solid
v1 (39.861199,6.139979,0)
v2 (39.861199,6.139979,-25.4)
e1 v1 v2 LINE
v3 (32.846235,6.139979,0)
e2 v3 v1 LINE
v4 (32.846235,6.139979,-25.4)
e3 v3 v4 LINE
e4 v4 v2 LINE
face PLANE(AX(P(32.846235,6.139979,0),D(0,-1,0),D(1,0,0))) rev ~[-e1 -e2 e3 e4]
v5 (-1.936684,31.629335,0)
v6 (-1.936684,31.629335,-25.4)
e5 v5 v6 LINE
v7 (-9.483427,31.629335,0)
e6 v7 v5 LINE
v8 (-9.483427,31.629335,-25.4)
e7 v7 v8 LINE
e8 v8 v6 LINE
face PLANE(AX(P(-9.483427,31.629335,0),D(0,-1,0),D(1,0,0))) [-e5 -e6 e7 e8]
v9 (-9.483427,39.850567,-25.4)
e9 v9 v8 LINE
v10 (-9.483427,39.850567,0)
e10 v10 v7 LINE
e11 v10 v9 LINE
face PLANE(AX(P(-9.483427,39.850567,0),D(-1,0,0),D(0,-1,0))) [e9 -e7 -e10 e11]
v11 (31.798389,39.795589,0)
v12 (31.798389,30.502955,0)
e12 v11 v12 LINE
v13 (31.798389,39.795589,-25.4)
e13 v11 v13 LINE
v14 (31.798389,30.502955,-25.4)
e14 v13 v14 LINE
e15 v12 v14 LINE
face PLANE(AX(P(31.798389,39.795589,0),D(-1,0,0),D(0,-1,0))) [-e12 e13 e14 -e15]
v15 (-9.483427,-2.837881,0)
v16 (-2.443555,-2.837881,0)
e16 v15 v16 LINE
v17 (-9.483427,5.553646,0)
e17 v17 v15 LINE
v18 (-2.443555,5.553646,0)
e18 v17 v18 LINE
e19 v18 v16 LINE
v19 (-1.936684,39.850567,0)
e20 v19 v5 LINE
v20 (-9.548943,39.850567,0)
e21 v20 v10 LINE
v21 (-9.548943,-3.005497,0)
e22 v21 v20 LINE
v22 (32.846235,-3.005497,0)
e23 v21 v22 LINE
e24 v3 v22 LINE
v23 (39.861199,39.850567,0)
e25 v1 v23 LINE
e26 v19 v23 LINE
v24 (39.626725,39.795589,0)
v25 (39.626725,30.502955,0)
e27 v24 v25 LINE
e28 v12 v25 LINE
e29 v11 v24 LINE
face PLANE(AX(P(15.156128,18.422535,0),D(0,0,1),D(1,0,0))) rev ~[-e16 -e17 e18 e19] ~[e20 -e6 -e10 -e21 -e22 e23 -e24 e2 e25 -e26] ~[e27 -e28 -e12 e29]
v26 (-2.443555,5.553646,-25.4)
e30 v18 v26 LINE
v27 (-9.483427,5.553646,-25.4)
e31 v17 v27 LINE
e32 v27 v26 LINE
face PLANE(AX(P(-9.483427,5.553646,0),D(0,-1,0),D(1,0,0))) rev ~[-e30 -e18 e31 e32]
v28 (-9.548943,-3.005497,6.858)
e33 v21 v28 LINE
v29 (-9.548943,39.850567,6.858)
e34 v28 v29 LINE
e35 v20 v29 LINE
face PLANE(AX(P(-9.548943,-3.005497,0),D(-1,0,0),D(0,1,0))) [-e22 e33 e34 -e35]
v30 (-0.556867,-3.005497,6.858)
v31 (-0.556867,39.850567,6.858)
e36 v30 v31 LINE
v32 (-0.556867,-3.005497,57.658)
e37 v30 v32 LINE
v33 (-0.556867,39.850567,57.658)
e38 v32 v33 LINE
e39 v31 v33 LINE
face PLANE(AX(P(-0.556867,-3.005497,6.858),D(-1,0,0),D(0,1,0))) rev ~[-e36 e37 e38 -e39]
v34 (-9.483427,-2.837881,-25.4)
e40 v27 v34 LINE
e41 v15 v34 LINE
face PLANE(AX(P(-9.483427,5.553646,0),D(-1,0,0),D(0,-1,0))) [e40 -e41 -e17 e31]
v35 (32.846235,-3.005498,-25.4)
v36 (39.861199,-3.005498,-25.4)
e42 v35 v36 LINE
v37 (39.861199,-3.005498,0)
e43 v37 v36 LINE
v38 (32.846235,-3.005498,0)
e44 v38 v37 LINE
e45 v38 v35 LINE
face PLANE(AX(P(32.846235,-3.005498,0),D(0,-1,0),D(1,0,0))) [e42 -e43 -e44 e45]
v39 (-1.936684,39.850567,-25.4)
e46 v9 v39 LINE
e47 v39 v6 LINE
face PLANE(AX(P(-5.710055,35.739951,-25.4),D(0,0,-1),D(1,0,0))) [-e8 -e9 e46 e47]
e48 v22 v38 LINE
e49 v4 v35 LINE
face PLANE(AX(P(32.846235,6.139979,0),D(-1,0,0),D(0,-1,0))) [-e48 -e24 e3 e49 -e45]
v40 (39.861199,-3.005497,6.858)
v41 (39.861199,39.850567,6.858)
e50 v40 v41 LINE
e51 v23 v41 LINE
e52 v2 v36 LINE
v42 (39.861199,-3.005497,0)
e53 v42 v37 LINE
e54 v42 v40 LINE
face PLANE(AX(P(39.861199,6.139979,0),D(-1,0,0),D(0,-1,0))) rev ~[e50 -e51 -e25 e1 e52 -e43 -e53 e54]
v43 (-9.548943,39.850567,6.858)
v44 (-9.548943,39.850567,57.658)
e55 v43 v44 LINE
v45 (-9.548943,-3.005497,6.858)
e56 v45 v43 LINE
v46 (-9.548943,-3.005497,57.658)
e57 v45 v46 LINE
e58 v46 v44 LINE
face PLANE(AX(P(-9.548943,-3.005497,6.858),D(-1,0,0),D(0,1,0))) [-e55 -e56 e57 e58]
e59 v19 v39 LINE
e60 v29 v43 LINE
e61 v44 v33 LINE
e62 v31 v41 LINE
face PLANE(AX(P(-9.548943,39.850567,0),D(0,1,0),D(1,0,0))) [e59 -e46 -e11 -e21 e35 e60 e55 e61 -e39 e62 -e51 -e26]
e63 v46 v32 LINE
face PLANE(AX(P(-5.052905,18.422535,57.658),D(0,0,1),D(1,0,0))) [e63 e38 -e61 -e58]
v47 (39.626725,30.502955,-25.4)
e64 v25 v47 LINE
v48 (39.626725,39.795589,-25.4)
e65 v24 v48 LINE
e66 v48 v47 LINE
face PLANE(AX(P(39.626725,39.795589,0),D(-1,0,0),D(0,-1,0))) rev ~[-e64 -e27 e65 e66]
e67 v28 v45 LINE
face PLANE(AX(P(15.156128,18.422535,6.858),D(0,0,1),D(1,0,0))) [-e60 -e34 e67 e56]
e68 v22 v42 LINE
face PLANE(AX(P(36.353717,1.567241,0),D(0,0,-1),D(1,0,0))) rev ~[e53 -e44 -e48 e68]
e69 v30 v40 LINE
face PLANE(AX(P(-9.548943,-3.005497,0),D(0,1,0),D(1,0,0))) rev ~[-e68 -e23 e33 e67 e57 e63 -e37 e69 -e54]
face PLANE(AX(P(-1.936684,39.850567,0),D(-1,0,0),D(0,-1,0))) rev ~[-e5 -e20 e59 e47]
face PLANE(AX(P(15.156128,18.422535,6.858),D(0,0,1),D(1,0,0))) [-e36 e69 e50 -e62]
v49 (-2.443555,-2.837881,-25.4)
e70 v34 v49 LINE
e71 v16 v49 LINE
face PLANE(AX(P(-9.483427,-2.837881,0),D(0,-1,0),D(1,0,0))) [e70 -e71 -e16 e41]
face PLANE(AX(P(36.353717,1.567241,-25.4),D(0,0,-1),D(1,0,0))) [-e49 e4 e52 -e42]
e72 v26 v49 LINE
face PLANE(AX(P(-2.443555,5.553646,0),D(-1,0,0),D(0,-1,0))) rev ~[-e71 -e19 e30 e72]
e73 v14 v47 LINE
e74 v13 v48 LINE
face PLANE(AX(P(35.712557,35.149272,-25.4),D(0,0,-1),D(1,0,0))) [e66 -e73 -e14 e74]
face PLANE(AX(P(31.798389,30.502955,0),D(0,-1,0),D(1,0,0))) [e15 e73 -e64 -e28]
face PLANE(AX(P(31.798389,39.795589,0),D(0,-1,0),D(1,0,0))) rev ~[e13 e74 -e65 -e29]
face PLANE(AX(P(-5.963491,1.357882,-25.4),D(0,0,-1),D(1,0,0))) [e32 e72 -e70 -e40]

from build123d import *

# Parameters (mm, degrees)
F0_W     = 49.410142
F0_H     = 42.856064
F1_DEPTH = 6.858
F3_W     = 7.828336
F3_H     = 9.292633
F3_W_2   = 7.546743
F3_H_2   = 8.221232
F3_W_3   = 7.039872
F3_H_3   = 8.391527
F2_W     = 7.014964
F2_H     = 9.145477
F4_DEPTH = 25.4
F5_W     = 8.992075
F5_H     = 42.856064
F6_DEPTH = 50.8


with BuildPart() as f1:
    # F0 (on Top) → F1 (new body)
    with BuildSketch(Plane.XY):
        with Locations((15.156128, 18.422535)):
            Rectangle(F0_W, F0_H)
    extrude(amount=F1_DEPTH)

    # F3 (on face) + F2 (on face) → F4 (join)
    with BuildSketch(Plane(origin=(0, 0, 0), x_dir=(1, 0, 0), z_dir=(0, 0, -1))):
        with Locations((35.712557, -35.149272)):
            Rectangle(F3_W, F3_H)
        with Locations((-5.710055, -35.739951)):
            Rectangle(F3_W_2, F3_H_2)
        with Locations((-5.963491, -1.357882)):
            Rectangle(F3_W_3, F3_H_3)
    with BuildSketch(Plane(origin=(0, 0, 0), x_dir=(1, 0, 0), z_dir=(0, 0, -1))):
        with Locations((36.353717, -1.567241)):
            Rectangle(F2_W, F2_H)
    extrude(amount=F4_DEPTH)

    # F5 (on face) → F6 (join)
    with BuildSketch(Plane.XY.offset(6.858)):
        with Locations((-5.052905, 18.422535)):
            Rectangle(F5_W, F5_H)
    extrude(amount=F6_DEPTH)


solid = f1.part
